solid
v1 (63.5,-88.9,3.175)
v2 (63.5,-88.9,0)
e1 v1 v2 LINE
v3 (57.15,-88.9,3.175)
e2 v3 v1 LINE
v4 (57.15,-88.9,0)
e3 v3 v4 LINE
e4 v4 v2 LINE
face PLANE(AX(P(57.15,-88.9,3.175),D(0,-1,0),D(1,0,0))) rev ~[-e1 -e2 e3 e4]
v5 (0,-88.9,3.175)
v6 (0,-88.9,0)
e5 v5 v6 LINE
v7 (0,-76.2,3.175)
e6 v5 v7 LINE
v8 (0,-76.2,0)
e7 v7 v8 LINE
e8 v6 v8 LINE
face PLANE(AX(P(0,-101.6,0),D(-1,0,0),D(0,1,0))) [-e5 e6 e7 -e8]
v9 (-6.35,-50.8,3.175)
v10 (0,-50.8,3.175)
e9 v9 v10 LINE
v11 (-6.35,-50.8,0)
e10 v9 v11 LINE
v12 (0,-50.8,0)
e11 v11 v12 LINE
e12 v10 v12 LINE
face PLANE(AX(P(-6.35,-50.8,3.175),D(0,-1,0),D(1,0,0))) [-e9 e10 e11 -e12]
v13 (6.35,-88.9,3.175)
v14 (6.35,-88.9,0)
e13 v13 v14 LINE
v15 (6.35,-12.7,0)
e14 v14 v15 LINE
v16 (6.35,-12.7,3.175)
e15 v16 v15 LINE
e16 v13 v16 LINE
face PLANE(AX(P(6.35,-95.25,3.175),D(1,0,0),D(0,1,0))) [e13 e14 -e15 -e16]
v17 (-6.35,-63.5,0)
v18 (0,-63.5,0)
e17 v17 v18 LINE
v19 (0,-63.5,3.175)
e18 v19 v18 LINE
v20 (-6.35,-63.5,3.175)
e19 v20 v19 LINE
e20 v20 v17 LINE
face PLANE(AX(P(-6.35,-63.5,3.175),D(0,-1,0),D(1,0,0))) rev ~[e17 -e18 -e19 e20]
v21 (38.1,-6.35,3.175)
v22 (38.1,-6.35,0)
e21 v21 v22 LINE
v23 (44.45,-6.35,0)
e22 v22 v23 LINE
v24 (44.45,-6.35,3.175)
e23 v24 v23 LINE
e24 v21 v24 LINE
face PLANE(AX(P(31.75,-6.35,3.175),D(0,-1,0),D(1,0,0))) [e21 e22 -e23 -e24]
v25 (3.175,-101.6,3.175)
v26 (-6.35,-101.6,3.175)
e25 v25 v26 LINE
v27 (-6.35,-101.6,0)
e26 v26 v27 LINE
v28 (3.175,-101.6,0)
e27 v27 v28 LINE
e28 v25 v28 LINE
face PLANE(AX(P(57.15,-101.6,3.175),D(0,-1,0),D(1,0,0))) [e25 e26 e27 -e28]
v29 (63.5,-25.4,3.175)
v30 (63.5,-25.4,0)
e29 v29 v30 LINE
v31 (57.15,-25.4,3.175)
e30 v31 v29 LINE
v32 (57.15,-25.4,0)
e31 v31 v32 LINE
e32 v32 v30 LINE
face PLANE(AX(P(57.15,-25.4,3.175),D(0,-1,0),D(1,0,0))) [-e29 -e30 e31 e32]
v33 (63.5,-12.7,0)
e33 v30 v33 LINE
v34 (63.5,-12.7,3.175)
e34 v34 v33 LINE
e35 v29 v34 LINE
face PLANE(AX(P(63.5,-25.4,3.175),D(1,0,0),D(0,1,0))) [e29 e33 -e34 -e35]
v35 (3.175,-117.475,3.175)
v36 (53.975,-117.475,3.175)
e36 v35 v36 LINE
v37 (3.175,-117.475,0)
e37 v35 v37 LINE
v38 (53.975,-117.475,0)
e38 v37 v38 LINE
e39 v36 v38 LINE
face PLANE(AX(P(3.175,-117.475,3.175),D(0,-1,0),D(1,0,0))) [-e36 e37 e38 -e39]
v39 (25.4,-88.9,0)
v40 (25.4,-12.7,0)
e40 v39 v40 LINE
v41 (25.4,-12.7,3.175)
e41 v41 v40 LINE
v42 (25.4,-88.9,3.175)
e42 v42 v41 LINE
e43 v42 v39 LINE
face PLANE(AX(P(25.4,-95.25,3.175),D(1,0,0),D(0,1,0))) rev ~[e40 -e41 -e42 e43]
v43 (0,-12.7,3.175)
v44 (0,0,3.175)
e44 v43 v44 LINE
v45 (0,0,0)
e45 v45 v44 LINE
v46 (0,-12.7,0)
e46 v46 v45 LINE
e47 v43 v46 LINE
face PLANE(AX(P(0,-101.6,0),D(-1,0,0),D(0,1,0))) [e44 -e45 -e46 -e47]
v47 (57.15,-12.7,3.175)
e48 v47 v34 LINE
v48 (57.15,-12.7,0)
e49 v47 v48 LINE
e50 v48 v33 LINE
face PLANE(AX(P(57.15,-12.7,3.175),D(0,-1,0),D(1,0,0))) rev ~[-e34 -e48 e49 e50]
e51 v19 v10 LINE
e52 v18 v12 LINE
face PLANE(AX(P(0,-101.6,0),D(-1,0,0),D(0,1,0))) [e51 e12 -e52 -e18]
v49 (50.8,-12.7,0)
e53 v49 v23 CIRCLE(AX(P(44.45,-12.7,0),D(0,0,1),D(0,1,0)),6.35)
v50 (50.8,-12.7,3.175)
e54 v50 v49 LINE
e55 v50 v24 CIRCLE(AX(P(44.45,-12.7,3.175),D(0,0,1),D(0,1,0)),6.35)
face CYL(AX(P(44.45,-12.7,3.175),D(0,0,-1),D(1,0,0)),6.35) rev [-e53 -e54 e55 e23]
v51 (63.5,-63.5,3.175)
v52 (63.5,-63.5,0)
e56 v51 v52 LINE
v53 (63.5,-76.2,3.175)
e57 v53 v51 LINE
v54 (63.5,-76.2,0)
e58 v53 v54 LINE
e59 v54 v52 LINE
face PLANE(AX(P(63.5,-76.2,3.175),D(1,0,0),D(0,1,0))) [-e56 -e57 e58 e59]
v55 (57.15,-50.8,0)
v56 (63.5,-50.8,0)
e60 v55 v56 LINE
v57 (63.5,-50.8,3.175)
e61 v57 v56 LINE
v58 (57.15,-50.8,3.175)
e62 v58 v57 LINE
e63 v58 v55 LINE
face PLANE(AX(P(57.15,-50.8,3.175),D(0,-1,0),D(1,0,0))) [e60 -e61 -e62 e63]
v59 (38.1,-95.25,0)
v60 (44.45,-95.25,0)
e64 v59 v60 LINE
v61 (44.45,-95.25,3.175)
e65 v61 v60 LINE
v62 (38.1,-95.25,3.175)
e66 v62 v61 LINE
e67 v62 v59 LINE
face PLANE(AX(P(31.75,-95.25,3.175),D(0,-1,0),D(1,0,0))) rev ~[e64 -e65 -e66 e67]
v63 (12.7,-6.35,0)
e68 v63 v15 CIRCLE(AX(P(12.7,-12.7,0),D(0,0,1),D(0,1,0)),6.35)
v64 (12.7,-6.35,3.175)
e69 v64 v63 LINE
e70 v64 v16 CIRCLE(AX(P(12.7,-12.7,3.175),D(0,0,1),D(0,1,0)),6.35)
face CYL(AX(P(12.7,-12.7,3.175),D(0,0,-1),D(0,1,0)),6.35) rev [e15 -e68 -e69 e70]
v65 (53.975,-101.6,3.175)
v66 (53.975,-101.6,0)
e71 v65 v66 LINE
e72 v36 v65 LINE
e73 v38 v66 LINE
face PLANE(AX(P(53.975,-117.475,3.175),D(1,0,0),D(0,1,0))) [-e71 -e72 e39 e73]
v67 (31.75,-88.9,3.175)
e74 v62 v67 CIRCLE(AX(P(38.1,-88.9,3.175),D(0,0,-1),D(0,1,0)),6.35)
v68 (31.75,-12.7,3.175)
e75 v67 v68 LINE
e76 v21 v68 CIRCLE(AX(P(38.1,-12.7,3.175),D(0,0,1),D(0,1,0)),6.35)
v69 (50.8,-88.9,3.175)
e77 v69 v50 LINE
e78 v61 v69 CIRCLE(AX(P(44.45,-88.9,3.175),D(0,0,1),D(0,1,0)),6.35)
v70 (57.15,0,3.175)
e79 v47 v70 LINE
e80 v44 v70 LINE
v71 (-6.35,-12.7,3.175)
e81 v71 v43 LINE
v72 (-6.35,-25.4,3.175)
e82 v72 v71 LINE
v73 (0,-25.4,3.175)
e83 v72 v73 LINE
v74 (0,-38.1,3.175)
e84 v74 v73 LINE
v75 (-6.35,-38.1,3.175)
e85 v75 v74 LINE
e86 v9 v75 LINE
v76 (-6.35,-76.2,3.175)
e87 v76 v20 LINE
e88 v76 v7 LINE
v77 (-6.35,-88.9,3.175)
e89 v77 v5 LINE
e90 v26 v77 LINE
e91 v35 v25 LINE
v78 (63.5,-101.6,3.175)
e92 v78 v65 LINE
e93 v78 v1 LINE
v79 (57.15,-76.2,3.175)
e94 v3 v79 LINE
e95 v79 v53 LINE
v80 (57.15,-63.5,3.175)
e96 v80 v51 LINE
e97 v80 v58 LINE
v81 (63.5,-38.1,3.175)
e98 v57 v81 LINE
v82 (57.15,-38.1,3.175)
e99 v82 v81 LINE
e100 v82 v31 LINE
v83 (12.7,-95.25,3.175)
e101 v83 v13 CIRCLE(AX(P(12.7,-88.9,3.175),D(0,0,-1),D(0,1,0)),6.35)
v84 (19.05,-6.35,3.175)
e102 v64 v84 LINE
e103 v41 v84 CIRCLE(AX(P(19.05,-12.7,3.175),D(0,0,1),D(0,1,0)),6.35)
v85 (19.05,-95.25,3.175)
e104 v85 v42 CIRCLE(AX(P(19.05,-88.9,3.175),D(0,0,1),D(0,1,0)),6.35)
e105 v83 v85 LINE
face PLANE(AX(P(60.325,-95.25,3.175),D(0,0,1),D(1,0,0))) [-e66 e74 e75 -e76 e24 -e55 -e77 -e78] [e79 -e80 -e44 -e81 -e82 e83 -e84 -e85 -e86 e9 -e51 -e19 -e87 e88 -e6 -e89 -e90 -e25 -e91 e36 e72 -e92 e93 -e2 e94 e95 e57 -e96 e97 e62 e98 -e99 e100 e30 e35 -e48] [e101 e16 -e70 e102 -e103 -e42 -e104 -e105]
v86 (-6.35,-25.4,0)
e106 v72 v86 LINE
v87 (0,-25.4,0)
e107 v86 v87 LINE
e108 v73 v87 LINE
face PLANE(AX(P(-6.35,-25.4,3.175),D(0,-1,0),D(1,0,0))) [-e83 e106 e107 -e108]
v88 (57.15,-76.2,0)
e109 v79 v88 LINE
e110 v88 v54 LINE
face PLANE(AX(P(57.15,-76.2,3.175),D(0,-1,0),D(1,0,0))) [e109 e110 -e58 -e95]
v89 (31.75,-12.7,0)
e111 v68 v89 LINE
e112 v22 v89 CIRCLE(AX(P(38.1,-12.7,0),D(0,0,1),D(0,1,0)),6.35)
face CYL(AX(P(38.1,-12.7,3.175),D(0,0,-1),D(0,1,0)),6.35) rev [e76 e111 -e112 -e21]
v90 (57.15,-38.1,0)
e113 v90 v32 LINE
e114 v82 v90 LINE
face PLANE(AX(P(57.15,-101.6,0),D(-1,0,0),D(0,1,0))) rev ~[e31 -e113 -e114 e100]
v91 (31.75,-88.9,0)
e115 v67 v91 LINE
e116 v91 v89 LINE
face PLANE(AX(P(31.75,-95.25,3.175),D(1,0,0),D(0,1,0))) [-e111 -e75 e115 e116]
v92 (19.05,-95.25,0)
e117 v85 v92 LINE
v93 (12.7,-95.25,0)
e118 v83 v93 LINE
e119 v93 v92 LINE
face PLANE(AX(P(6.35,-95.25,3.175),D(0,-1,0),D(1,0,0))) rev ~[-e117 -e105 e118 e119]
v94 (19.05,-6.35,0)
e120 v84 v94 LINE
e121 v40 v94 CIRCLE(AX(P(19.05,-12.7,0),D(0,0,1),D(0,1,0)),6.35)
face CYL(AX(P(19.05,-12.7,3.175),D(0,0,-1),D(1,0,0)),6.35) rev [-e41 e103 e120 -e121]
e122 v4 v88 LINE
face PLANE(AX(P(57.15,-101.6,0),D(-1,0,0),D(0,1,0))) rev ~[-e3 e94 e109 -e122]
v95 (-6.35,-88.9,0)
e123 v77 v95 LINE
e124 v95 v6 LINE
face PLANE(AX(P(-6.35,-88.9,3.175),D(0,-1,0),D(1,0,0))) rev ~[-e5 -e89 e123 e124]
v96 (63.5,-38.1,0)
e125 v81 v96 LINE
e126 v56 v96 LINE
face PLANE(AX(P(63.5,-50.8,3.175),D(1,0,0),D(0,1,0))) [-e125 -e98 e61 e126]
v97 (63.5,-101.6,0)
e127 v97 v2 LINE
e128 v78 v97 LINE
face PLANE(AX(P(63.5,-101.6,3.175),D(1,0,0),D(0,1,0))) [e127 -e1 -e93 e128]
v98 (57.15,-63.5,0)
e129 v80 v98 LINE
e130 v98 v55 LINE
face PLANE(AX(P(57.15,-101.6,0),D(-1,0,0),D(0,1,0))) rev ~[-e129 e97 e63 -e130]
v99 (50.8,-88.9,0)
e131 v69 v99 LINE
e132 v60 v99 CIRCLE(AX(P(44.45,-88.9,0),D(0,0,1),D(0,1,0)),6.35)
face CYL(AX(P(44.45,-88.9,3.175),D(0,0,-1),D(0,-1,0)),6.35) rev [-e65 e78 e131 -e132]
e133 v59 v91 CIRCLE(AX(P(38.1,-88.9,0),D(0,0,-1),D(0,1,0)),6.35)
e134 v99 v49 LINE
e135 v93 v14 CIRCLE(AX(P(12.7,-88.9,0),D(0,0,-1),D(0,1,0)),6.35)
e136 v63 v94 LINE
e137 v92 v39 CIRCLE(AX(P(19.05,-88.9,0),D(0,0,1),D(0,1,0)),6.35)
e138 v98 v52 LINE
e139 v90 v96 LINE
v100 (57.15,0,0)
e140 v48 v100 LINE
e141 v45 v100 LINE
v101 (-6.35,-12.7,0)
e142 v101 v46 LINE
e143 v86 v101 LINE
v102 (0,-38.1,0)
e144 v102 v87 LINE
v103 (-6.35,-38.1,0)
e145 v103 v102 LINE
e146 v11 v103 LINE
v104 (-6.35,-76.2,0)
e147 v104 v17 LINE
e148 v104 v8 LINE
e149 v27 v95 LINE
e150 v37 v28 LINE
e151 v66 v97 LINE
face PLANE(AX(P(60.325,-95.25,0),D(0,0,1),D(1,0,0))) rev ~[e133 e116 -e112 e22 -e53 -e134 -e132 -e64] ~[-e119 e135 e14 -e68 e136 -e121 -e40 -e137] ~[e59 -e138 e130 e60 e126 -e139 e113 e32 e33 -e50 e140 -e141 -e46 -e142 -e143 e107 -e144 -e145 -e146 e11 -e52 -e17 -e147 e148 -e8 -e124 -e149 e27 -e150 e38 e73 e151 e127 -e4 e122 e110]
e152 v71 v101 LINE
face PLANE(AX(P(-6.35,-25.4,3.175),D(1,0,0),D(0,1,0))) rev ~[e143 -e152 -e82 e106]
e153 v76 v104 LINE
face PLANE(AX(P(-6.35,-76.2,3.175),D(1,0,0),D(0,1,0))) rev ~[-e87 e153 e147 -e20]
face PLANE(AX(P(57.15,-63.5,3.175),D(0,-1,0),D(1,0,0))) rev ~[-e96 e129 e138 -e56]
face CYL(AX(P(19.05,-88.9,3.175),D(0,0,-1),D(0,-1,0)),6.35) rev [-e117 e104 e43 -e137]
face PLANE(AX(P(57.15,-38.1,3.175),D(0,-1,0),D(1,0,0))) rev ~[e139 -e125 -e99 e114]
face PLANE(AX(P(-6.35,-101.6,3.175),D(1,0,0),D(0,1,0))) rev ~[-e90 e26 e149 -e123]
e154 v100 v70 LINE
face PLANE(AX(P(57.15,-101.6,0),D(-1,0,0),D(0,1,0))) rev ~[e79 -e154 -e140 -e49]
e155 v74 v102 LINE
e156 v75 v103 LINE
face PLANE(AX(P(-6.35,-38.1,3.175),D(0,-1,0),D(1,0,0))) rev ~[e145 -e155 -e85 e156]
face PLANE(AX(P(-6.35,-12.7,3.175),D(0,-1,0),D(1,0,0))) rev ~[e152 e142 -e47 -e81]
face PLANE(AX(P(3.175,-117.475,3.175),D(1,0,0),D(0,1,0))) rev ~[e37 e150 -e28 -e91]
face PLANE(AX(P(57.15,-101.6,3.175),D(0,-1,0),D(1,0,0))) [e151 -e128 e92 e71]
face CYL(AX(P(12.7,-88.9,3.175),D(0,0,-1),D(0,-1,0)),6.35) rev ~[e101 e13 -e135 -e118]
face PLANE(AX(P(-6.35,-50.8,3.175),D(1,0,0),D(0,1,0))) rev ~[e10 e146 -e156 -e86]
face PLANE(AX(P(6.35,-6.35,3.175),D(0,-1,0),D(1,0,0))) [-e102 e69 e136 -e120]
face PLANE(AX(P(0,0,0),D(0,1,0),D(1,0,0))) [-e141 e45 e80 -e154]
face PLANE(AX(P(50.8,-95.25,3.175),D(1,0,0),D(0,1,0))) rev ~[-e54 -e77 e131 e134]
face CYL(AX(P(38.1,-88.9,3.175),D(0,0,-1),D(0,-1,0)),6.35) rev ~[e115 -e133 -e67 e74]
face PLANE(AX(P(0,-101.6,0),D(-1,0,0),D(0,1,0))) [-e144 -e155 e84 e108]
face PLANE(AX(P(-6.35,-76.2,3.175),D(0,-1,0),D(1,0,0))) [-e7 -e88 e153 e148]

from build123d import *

# Parameters (mm, degrees)
SKETCH1_W           = 57.15
SKETCH1_H           = 101.6
BOSS_EXTRUDE1_DEPTH = 3.175
SKETCH2_W           = 6.35
SKETCH2_H           = 12.7
BOSS_EXTRUDE2_DEPTH = 3.175
LPATTERN1_COUNT     = 4
LPATTERN1_PITCH     = 25.4
SKETCH3_W           = 50.8
SKETCH3_H           = 15.875
BOSS_EXTRUDE3_DEPTH = 3.175
SKETCH4_W           = 19.05
SKETCH4_H           = 88.9
CUT_EXTRUDE1_DEPTH  = 3.175
FILLET1_R           = 6.35


with BuildPart() as part:
    # Sketch1 → Boss-Extrude1 (new body)
    with BuildSketch(Plane.XY):
        with Locations((28.575, -50.8)):
            Rectangle(SKETCH1_W, SKETCH1_H)
    extrude(amount=BOSS_EXTRUDE1_DEPTH)

    # Sketch2 → Boss-Extrude2 (add)
    with BuildSketch(Plane.XY.offset(3.175)):
        with Locations((60.325, -19.05)):
            Rectangle(SKETCH2_W, SKETCH2_H)
        with Locations((-3.175, -19.05)):
            Rectangle(SKETCH2_W, SKETCH2_H)
    boss_extrude2 = extrude(amount=-BOSS_EXTRUDE2_DEPTH)

    # LPattern1: Boss-Extrude2 ×4
    with Locations(*[(0, -i * LPATTERN1_PITCH, 0) for i in range(1, LPATTERN1_COUNT)]):
        add(boss_extrude2)

    # Sketch3 → Boss-Extrude3 (add)
    with BuildSketch(Plane.XY.offset(3.175)):
        with Locations((28.575, -109.5375)):
            Rectangle(SKETCH3_W, SKETCH3_H)
    extrude(amount=-BOSS_EXTRUDE3_DEPTH)

    # Sketch4 → Cut-Extrude1 (cut)
    with BuildSketch(Plane.XY.offset(3.175)):
        with Locations((15.875, -50.8)):
            Rectangle(SKETCH4_W, SKETCH4_H)
        with Locations((41.275, -50.8)):
            Rectangle(SKETCH4_W, SKETCH4_H)
    extrude(amount=-CUT_EXTRUDE1_DEPTH, mode=Mode.SUBTRACT)

    # Fillet1
    fillet1_edges = [part.edges().sort_by_distance(p)[0] for p in [
        (6.35, -95.25, 1.5875),
        (6.35, -6.35, 1.5875),
        (25.4, -6.35, 1.5875),
        (25.4, -95.25, 1.5875),
        (50.8, -6.35, 1.5875),
        (50.8, -95.25, 1.5875),
        (31.75, -95.25, 1.5875),
        (31.75, -6.35, 1.5875),
    ]]
    fillet(fillet1_edges, radius=FILLET1_R)


solid = part.part
